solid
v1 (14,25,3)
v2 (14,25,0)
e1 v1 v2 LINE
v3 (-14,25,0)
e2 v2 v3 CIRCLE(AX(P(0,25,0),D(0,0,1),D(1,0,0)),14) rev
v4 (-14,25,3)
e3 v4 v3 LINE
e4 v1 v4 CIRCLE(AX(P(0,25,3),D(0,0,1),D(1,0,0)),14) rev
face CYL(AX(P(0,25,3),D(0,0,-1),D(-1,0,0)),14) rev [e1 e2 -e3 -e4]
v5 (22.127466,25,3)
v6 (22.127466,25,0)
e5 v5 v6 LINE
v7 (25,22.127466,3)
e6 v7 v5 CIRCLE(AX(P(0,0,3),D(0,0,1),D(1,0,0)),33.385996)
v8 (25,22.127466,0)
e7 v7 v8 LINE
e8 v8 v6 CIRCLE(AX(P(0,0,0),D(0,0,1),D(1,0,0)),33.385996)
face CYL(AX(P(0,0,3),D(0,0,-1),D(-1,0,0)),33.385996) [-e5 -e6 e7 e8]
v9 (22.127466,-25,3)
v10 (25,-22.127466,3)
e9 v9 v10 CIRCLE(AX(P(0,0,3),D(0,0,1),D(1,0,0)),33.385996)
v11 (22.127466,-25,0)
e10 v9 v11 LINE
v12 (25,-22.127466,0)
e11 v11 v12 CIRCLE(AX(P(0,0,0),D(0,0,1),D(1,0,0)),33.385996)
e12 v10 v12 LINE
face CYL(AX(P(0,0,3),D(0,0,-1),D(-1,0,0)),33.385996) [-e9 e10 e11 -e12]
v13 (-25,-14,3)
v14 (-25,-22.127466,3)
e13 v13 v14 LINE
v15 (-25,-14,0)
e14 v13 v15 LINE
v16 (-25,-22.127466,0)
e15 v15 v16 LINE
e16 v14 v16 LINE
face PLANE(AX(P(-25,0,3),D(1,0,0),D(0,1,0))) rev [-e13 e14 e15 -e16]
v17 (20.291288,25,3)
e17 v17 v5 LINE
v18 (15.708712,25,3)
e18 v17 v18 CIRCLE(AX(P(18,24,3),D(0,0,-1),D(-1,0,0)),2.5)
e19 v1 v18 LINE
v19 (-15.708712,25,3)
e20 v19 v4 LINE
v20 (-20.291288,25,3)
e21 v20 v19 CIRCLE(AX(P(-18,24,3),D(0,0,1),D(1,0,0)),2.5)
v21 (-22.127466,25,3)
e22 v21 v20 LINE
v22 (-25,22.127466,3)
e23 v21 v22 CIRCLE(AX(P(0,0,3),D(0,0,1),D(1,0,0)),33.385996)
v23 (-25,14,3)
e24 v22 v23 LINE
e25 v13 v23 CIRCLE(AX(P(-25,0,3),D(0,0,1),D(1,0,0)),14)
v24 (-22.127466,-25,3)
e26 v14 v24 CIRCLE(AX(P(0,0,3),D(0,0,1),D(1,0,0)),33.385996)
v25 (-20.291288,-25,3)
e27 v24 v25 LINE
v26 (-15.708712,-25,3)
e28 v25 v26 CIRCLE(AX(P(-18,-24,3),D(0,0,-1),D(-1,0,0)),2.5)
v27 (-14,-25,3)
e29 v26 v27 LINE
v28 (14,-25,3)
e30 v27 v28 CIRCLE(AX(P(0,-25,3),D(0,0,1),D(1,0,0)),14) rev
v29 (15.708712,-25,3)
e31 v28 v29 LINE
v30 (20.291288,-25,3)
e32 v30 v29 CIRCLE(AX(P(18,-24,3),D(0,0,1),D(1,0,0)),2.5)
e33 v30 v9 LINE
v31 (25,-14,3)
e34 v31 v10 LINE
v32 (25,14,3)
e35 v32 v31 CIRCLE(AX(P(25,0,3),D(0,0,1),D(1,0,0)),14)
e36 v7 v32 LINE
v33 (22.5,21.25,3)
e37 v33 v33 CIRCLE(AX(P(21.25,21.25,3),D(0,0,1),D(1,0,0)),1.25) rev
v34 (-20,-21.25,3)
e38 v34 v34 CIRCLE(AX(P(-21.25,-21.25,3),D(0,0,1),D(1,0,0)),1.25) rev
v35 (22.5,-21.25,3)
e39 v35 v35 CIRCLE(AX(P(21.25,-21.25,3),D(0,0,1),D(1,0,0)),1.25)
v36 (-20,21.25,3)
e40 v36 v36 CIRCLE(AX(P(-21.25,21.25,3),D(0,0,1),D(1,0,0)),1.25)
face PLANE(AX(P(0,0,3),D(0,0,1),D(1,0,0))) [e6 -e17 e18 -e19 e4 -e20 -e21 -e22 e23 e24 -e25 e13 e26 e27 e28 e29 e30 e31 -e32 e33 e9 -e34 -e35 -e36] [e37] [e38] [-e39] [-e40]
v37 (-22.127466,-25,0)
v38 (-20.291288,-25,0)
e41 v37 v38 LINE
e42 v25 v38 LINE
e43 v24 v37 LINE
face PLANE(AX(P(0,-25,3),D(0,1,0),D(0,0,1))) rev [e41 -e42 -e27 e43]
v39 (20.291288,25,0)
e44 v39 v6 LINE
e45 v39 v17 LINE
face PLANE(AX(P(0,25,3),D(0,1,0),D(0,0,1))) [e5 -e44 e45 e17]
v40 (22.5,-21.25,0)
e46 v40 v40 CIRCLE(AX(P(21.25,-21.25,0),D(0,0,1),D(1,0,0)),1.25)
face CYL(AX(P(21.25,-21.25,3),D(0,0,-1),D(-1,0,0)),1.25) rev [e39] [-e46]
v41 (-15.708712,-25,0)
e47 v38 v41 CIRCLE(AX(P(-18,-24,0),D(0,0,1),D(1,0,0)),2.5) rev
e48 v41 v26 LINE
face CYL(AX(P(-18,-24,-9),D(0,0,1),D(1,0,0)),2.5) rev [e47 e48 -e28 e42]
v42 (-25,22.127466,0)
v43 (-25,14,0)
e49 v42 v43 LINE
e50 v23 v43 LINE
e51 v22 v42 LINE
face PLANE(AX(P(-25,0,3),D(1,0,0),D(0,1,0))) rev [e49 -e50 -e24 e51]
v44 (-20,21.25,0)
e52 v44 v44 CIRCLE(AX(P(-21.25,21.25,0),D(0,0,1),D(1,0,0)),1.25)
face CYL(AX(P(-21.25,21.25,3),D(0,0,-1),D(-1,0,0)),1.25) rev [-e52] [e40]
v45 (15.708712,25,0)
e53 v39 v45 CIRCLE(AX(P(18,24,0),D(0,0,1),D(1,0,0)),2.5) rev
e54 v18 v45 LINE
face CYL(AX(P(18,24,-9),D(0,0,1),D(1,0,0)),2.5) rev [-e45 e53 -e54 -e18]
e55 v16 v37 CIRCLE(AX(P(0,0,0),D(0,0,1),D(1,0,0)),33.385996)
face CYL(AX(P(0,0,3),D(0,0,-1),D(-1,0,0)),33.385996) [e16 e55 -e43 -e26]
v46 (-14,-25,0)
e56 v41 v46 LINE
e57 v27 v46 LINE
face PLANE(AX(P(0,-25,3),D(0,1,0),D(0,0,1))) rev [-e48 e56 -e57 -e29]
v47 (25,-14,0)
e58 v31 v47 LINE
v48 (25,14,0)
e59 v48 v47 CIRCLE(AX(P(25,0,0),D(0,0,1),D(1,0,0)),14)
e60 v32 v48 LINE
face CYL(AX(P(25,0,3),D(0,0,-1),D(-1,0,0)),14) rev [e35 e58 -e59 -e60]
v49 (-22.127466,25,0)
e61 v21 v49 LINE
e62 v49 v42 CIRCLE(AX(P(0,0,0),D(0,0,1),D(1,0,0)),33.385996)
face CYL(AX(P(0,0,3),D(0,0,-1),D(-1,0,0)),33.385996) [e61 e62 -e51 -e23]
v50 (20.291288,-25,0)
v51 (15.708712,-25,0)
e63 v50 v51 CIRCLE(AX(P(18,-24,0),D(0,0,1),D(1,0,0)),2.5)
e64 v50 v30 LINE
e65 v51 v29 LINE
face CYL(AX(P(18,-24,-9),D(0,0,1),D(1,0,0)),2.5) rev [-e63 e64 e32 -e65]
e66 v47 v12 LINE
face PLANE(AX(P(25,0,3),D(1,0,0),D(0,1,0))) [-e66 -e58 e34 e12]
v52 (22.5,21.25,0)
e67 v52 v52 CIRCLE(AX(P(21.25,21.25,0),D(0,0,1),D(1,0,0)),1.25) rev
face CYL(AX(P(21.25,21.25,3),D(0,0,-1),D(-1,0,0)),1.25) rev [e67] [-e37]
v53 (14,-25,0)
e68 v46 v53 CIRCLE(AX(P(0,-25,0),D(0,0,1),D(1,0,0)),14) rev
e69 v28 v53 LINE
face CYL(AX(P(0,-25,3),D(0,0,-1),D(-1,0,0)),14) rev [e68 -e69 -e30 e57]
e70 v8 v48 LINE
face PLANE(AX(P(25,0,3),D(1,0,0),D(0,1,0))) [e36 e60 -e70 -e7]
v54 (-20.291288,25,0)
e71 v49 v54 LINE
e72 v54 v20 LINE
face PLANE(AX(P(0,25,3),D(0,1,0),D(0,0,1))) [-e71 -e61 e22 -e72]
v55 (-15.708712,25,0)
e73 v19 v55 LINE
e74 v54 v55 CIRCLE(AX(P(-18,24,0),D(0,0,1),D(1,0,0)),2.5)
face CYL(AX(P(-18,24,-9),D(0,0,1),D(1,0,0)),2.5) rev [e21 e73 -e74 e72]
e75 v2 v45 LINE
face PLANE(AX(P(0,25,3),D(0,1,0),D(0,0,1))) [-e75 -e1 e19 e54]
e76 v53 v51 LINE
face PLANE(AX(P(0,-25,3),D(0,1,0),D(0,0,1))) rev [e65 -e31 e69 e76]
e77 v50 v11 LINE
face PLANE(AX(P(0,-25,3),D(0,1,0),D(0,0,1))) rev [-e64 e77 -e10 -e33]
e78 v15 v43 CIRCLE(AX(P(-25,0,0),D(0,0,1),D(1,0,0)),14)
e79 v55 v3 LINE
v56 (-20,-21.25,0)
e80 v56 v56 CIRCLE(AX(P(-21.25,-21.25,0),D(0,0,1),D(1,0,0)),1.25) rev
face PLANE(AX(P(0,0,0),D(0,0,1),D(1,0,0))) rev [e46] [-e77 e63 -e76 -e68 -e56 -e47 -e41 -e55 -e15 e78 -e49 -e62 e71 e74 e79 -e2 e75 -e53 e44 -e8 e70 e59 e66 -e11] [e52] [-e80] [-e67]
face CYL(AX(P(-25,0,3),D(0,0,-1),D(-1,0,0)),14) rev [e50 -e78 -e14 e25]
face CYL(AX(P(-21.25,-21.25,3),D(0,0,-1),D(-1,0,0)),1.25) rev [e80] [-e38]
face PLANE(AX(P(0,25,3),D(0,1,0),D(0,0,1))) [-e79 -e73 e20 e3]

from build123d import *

# Parameters (mm, degrees)
SKETCH_1_R          = 1.25
EXTRUDE_1_DEPTH     = 3
SKETCH_2_R          = 2.5
CUT_EXTRUDE_1_DEPTH = 12


with BuildPart() as part:
    # 草图1 → 凸台-拉伸1 (new body)
    with BuildSketch(Plane.XY):
        with BuildLine():
            Line((-14, 25), (-22.127465978, 25))
            ThreePointArc((-22.127465978, 25), (-23.607464398, 23.607464398), (-25, 22.127465978))
            Line((-25, 22.127465978), (-25, 14))
            ThreePointArc((-25, 14), (-15.100505063, 9.899494937), (-11, 0))
            ThreePointArc((-11, 0), (-15.100505063, -9.899494937), (-25, -14))
            Line((-25, -14), (-25, -22.127465978))
            ThreePointArc((-25, -22.127465978), (-23.607464398, -23.607464398), (-22.127465978, -25))
            Line((-22.127465978, -25), (-14, -25))
            ThreePointArc((-14, -25), (0, -11), (14, -25))
            Line((14, -25), (22.127465978, -25))
            ThreePointArc((22.127465978, -25), (23.607464398, -23.607464398), (25, -22.127465978))
            Line((25, -22.127465978), (25, -14))
            ThreePointArc((25, -14), (11, 0), (25, 14))
            Line((25, 14), (25, 22.127465978))
            ThreePointArc((25, 22.127465978), (23.607464398, 23.607464398), (22.127465978, 25))
            Line((22.127465978, 25), (14, 25))
            ThreePointArc((14, 25), (0, 11), (-14, 25))
        make_face()
        with Locations((-21.25, -21.25)):
            Circle(SKETCH_1_R, mode=Mode.SUBTRACT)
        with Locations((21.25, -21.25)):
            Circle(SKETCH_1_R, mode=Mode.SUBTRACT)
        with Locations((-21.25, 21.25)):
            Circle(SKETCH_1_R, mode=Mode.SUBTRACT)
        with Locations((21.25, 21.25)):
            Circle(SKETCH_1_R, mode=Mode.SUBTRACT)
    extrude(amount=EXTRUDE_1_DEPTH)

    # 草图2 → 切除-拉伸1 (cut)
    with BuildSketch(Plane.XY.offset(3)):
        with BuildLine():
            ThreePointArc((20.291287847, 25), (18, 26.5), (15.708712153, 25))
            Line((15.708712153, 25), (20.291287847, 25))
        make_face()
        with BuildLine():
            Line((20.291287847, 25), (15.708712153, 25))
            ThreePointArc((15.708712153, 25), (17.489225891, 21.552734218), (20.5, 24))
            ThreePointArc((20.5, 24), (20.447265782, 24.510774109), (20.291287847, 25))
        make_face()
        with BuildLine():
            ThreePointArc((20.5, -24), (17.489225891, -21.552734218), (15.708712153, -25))
            Line((15.708712153, -25), (20.291287847, -25))
            ThreePointArc((20.291287847, -25), (20.447265782, -24.510774109), (20.5, -24))
        make_face()
        with BuildLine():
            Line((20.291287847, -25), (15.708712153, -25))
            ThreePointArc((15.708712153, -25), (18, -26.5), (20.291287847, -25))
        make_face()
        with Locations((-18, 24)):
            Circle(SKETCH_2_R)
        with Locations((-18, -24)):
            Circle(SKETCH_2_R)
    extrude(amount=-CUT_EXTRUDE_1_DEPTH, mode=Mode.SUBTRACT)


solid = part.part
